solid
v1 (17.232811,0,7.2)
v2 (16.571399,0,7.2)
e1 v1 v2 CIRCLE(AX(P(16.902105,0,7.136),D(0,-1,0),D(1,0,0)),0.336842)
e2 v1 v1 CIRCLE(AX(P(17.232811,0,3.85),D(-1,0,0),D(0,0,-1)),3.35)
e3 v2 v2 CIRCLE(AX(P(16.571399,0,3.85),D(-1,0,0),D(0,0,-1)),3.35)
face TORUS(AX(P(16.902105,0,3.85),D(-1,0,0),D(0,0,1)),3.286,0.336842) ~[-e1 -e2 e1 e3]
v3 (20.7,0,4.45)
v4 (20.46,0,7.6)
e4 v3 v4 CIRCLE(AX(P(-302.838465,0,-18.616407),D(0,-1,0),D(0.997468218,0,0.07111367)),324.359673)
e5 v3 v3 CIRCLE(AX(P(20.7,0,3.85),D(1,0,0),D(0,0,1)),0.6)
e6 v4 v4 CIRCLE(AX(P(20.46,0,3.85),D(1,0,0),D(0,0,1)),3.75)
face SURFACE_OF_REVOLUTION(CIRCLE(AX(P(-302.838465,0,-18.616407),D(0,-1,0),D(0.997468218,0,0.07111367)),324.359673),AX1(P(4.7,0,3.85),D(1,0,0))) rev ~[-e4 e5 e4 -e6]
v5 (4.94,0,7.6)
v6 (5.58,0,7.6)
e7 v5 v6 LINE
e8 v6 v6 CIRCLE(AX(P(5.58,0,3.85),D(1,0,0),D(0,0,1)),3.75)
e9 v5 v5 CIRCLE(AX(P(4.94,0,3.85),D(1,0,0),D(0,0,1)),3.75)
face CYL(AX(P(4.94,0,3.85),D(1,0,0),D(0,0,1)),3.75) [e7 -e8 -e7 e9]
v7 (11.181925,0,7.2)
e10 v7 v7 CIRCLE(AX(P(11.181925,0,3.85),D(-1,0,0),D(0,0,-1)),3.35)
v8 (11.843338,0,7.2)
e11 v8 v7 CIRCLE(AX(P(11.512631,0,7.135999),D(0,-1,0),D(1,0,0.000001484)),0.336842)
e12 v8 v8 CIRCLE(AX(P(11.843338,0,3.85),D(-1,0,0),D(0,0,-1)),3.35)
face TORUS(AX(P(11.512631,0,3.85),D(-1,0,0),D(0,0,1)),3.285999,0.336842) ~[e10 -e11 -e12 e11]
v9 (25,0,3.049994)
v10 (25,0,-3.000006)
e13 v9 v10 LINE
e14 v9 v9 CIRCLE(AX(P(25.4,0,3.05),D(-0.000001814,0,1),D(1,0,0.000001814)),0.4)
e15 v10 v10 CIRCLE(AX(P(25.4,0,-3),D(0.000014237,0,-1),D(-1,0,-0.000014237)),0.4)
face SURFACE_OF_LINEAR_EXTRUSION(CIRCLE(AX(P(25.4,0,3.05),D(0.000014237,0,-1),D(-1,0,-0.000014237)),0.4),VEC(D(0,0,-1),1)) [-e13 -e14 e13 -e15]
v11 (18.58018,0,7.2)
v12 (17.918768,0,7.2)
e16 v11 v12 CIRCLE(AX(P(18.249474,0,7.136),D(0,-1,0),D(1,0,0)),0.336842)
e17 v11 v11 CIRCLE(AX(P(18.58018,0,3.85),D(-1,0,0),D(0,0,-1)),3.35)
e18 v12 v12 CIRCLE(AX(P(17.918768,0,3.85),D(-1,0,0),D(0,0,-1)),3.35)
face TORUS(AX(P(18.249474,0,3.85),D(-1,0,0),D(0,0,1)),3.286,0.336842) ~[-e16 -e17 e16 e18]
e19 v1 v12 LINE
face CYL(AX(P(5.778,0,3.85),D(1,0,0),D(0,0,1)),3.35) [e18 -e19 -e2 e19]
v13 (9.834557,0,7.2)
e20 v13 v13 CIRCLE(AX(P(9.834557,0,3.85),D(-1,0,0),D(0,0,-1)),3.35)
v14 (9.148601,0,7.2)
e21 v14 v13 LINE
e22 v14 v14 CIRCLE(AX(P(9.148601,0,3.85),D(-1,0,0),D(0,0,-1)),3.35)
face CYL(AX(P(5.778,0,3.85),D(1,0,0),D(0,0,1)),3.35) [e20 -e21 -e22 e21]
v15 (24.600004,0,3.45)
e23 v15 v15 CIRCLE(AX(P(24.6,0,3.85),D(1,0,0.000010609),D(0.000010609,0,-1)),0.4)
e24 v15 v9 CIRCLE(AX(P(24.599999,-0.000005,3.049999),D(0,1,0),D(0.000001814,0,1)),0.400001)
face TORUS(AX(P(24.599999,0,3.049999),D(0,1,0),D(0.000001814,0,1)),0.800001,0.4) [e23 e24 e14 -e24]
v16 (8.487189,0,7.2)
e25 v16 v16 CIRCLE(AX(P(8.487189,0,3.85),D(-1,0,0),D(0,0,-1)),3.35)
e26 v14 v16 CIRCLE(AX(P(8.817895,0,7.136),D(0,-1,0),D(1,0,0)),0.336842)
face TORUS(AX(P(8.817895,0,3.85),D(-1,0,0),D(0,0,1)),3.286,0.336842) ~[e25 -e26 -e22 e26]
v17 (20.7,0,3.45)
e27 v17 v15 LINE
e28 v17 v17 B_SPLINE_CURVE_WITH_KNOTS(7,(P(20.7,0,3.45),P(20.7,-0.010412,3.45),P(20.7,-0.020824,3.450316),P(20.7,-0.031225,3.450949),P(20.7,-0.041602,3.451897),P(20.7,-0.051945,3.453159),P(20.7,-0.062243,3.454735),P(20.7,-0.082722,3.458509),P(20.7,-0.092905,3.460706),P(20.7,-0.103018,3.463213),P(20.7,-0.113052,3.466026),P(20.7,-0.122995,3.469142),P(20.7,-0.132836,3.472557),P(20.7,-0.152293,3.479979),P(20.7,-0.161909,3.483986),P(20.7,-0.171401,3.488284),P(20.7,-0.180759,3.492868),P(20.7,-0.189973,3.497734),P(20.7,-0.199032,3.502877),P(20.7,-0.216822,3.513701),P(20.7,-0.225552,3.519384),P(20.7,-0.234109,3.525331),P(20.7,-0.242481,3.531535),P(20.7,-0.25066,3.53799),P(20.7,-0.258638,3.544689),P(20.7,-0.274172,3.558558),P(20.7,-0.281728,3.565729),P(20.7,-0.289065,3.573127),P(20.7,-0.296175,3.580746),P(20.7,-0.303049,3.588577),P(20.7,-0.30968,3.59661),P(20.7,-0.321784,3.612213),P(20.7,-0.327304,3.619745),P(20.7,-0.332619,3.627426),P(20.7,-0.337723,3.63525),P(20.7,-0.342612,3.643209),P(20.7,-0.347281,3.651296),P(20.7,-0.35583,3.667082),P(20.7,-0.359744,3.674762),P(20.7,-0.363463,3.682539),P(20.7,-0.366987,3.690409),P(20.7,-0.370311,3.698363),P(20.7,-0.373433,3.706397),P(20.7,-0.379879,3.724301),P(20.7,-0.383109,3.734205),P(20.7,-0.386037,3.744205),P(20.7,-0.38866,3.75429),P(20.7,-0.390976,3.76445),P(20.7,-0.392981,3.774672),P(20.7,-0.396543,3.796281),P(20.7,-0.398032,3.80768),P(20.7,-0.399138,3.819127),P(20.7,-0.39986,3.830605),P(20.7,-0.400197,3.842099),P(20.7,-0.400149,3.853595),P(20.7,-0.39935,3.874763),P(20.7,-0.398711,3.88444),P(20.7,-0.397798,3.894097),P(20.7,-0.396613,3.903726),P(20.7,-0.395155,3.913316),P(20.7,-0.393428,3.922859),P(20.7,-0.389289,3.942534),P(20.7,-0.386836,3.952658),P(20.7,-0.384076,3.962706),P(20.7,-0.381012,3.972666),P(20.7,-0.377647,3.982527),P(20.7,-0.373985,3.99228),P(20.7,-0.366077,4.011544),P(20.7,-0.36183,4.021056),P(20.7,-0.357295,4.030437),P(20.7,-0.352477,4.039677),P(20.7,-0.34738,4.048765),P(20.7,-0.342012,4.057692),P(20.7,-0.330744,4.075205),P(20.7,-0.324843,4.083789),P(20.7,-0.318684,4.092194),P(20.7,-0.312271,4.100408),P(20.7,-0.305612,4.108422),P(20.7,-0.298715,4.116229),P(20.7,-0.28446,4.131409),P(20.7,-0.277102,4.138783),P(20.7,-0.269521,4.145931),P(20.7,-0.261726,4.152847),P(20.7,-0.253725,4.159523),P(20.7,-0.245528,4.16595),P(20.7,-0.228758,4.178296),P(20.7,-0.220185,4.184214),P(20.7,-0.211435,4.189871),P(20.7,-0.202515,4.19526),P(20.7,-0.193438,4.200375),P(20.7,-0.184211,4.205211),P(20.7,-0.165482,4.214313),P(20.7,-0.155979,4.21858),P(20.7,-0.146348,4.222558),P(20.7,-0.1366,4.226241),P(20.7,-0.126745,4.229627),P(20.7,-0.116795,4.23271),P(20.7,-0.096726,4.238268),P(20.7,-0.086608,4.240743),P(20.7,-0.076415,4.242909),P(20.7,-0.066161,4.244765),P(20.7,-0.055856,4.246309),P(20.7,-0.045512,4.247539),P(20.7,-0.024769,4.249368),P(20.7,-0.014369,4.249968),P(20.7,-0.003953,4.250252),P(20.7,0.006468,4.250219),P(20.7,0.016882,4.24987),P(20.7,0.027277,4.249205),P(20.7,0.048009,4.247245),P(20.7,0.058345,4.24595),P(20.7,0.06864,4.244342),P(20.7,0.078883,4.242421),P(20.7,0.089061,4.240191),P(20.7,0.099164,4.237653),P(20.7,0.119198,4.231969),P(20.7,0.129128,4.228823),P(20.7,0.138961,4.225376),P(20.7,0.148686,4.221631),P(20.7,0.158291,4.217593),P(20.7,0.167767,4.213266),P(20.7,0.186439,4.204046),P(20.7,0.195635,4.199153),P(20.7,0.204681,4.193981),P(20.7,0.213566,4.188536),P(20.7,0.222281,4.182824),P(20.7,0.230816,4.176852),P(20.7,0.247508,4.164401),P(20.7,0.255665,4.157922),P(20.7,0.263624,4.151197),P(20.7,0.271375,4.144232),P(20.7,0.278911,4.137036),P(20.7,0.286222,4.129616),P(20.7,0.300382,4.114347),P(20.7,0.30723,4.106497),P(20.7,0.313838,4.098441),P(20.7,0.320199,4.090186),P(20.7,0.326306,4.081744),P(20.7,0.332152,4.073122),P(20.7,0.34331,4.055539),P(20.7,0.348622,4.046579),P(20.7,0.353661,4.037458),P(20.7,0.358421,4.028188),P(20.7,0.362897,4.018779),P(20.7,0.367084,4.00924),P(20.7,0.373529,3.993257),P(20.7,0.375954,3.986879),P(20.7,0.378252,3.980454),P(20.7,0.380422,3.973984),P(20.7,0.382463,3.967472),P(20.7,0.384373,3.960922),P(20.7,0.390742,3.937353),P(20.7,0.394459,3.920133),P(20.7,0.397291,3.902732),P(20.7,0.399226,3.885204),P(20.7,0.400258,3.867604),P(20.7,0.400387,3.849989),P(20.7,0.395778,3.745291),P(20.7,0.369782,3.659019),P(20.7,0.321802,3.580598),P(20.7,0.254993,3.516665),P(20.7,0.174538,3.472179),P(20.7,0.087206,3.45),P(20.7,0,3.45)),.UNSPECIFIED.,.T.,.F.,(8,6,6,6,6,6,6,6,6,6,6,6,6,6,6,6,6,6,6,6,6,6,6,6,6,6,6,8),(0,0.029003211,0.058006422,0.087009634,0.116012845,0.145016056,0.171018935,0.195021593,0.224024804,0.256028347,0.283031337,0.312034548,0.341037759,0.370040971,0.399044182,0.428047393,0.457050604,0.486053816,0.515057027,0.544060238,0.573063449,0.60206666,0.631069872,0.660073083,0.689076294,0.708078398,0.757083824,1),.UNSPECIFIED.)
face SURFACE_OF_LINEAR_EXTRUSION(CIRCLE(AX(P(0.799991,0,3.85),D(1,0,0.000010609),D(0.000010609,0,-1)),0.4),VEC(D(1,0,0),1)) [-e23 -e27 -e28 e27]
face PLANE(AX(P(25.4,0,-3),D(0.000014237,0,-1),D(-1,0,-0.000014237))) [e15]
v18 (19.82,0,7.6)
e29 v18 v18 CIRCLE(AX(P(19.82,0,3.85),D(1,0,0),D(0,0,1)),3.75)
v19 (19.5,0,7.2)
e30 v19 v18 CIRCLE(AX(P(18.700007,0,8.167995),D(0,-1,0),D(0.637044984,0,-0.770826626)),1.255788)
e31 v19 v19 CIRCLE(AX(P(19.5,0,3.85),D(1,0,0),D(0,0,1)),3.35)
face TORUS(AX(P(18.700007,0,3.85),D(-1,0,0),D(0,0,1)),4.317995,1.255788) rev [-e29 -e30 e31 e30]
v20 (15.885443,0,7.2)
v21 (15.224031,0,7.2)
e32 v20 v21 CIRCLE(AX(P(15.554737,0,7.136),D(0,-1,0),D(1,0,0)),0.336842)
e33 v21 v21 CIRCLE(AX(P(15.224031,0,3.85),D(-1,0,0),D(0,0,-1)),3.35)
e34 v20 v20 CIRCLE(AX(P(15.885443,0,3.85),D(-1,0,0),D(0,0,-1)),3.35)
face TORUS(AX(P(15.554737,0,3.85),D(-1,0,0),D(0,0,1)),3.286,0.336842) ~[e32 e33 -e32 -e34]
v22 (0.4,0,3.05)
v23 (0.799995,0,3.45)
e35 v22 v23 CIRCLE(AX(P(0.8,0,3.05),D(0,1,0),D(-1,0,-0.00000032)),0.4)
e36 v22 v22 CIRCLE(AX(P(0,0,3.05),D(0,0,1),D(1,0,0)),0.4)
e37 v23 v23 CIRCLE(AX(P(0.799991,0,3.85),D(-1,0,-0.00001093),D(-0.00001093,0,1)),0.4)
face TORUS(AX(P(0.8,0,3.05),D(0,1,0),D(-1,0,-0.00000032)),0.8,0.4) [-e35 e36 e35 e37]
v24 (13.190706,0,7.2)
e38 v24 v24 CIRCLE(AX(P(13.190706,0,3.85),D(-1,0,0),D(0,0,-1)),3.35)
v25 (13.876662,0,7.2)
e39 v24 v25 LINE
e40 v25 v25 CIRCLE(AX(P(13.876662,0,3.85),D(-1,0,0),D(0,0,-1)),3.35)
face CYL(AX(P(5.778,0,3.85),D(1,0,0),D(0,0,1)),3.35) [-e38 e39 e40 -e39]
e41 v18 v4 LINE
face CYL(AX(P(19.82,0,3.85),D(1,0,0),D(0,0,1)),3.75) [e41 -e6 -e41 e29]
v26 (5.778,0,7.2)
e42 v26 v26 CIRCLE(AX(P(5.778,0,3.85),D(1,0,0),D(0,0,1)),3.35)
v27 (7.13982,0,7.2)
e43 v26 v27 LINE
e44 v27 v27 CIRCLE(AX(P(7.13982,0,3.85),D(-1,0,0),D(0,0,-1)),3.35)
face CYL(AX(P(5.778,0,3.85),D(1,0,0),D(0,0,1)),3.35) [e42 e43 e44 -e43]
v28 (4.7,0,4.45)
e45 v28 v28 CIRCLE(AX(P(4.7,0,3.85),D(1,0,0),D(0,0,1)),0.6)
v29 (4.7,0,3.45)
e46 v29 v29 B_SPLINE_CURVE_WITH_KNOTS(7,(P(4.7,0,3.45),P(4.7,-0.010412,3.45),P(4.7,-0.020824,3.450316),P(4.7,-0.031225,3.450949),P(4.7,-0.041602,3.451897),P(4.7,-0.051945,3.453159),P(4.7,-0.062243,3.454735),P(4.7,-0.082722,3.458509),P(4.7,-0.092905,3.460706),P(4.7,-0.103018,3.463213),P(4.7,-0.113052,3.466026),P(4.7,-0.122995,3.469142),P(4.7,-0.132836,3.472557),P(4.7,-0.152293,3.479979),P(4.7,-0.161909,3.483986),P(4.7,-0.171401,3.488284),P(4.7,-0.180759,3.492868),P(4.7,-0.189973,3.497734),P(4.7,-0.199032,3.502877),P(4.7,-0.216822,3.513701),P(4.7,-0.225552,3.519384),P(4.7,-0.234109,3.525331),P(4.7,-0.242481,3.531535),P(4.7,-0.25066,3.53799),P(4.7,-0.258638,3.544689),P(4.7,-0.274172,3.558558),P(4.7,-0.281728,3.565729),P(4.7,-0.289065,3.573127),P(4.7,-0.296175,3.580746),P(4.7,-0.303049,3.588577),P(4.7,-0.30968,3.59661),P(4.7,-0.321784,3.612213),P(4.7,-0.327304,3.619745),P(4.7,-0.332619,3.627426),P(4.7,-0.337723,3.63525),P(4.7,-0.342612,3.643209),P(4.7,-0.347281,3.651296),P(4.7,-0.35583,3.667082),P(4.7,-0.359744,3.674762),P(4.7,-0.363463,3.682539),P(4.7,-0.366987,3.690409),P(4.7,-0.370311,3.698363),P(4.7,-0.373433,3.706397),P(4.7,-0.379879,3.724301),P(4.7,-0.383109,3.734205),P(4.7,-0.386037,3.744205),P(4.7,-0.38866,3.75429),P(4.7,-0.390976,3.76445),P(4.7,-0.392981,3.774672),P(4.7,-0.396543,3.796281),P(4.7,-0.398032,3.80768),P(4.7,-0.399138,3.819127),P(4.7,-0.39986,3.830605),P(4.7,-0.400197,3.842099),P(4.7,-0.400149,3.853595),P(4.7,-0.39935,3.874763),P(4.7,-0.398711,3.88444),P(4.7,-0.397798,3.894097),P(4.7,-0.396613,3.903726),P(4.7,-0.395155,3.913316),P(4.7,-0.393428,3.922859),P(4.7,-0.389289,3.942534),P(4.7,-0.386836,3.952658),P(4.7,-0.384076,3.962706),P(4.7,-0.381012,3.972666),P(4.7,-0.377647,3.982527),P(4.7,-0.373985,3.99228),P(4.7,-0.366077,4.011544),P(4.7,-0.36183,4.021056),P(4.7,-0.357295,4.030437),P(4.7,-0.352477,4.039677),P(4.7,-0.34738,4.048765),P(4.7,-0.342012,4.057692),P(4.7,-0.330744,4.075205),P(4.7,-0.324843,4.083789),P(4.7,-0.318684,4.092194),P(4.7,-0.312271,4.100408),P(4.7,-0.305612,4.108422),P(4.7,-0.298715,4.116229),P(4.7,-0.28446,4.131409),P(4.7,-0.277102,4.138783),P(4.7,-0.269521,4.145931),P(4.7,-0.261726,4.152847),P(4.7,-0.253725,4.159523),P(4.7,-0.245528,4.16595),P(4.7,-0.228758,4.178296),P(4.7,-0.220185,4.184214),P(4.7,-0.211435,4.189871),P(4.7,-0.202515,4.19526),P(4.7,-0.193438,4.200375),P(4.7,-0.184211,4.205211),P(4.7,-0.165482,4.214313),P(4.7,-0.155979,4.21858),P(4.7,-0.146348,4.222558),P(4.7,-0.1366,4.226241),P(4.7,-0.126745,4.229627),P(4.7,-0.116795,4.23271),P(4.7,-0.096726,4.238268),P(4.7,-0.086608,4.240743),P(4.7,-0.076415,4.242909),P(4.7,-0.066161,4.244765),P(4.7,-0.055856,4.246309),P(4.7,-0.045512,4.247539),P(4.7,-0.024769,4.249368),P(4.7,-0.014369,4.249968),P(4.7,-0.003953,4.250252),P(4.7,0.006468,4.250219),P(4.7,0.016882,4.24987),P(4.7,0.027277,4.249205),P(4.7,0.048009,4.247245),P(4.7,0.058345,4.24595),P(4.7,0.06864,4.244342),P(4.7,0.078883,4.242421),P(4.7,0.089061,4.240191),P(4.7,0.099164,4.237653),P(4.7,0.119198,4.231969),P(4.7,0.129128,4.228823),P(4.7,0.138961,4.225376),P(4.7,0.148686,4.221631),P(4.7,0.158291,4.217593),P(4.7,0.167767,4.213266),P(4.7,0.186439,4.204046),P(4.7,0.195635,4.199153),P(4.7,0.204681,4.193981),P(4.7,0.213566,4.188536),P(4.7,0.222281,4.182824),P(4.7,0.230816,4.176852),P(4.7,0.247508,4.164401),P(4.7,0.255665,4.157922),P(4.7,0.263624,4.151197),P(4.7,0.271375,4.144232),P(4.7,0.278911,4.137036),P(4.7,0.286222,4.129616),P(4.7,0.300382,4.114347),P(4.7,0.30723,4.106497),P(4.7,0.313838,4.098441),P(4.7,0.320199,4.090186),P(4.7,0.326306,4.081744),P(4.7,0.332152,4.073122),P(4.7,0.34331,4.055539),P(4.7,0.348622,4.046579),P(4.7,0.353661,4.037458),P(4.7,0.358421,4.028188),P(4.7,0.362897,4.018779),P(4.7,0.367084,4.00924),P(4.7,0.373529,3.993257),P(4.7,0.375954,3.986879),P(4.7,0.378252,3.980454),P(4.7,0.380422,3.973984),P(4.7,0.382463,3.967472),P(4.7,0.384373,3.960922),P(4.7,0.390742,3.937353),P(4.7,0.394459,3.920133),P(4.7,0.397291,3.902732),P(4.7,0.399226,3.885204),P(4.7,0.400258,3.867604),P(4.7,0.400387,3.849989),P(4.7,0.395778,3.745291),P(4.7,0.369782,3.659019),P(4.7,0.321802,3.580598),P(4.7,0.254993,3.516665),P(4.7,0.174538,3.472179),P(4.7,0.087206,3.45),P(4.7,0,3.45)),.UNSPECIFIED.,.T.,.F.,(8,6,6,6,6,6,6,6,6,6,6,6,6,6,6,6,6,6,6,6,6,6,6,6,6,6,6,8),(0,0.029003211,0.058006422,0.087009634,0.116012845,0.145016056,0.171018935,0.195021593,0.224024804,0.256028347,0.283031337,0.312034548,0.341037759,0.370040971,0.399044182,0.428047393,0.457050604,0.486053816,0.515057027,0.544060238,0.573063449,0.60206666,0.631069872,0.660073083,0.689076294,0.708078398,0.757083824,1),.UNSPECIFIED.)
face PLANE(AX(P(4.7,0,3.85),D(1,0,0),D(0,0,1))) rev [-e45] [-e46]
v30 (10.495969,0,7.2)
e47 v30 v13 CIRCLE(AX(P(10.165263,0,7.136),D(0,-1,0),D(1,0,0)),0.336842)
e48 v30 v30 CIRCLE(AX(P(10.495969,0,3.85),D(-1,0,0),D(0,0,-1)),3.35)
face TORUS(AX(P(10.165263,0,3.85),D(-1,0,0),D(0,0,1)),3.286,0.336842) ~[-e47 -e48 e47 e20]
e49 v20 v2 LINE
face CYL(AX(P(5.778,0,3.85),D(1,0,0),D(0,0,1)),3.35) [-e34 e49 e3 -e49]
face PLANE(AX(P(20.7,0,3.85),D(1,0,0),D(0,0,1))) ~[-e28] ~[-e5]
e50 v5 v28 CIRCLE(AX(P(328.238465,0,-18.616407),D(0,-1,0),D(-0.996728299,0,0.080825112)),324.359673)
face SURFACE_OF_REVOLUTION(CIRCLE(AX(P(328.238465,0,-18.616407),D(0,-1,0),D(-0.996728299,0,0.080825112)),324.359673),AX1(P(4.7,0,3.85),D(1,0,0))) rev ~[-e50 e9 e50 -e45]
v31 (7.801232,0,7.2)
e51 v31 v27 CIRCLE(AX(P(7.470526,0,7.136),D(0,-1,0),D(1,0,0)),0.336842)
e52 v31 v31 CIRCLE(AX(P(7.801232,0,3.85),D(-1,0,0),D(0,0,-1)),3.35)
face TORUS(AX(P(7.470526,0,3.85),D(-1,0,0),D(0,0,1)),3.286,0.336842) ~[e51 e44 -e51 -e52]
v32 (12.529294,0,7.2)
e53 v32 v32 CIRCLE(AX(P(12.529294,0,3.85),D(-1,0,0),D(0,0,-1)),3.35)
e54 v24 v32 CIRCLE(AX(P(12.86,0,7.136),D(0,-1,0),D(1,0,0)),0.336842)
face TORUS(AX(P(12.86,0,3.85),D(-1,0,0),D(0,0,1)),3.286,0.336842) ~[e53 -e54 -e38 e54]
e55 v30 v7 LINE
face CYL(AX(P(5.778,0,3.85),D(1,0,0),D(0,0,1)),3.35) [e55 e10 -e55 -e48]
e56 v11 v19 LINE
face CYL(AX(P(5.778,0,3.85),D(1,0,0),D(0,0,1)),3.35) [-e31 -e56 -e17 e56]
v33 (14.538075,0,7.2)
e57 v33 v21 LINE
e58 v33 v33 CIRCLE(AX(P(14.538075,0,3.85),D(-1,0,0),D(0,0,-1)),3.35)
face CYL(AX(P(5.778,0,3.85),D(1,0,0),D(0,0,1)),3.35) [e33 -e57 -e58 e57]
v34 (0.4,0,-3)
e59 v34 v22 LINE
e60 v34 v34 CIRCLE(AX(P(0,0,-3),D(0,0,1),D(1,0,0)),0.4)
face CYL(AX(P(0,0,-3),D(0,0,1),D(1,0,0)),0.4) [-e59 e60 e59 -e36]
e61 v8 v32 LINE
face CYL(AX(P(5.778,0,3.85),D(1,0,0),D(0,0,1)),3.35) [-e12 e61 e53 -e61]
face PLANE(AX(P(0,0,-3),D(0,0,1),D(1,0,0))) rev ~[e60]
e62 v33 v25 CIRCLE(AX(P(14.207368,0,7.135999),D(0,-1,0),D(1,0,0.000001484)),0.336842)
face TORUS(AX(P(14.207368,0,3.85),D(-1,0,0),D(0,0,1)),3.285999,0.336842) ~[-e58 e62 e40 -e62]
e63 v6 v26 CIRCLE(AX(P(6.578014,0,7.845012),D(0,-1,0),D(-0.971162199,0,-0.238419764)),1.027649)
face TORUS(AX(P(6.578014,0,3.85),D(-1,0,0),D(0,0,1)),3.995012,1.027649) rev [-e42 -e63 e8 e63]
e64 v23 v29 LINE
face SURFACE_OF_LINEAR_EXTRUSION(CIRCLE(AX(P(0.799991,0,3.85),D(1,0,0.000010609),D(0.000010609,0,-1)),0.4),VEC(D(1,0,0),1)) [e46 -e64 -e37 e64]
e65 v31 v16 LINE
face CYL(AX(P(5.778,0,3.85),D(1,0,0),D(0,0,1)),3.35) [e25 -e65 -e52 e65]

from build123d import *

# Parameters (mm, degrees)
SKETCH_R = 0.4


with BuildPart() as sweep_body:
    # Sweep: sweep along a path in Sketch001
    with BuildLine(Plane.XZ) as sweep_path:
        Line((0, -3), (0, 3.05))
        ThreePointArc((0, 3.05), (0.234311, 3.615682), (0.799991, 3.85))
        Line((0.799991, 3.85), (24.6, 3.85))
        ThreePointArc((24.6, 3.85), (25.165685, 3.615685), (25.4, 3.05))
        Line((25.4, 3.05), (25.4, -3))
    # Sketch → Sweep (sweep)
    with BuildSketch(Plane.XY.offset(-2)):
        Circle(SKETCH_R)
    sweep(path=sweep_path.line)


with BuildPart() as revolution:
    # Sketch002 → Revolution (revolve)
    with BuildSketch(Plane.XZ):
        with BuildLine():
            Line((4.94, 7.6), (5.58, 7.6))
            ThreePointArc((5.58, 7.6), (5.657022, 7.389121), (5.778, 7.2))
            Line((5.778, 7.2), (19.5, 7.2))
            ThreePointArc((19.5, 7.2), (19.680612, 7.38351), (19.82, 7.6))
            Line((19.82, 7.6), (20.46, 7.6))
            ThreePointArc((20.7, 4.45), (20.583835, 6.025292), (20.46, 7.6))
            Line((20.7, 3.85), (20.7, 4.45))
            Line((4.7, 3.85), (20.7, 3.85))
            Line((4.7, 3.85), (4.7, 4.45))
            ThreePointArc((4.94, 7.6), (4.816165, 6.025292), (4.7, 4.45))
        make_face()
    revolve(axis=Axis((4.7, 0, 3.85), (1, 0, 0)))


with BuildPart() as revolution001_mp_cp:
    # Sketch003 → Revolution001 (revolve)
    with BuildSketch(Plane.XZ):
        with BuildLine():
            ThreePointArc((7.807368, 7.136), (7.470526, 7.472842), (7.133684, 7.136))
            Line((6.46, 7.136), (7.133684, 7.136))
            Line((6.46, 7.136), (6.46, 6.386))
            Line((6.46, 6.386), (19.26, 6.386))
            Line((19.26, 6.386), (19.26, 7.136))
            Line((18.586316, 7.136), (19.26, 7.136))
            ThreePointArc((18.586316, 7.136), (18.249474, 7.472842), (17.912632, 7.136))
            Line((17.238947, 7.136), (17.912632, 7.136))
            ThreePointArc((17.238947, 7.136), (16.902105, 7.472842), (16.565263, 7.136))
            Line((15.891579, 7.136), (16.565263, 7.136))
            ThreePointArc((15.891579, 7.136), (15.554737, 7.472842), (15.217895, 7.136))
            Line((14.544211, 7.136), (15.217895, 7.136))
            ThreePointArc((14.544211, 7.136), (14.207368, 7.472842), (13.870526, 7.136))
            Line((13.196842, 7.136), (13.870526, 7.136))
            ThreePointArc((13.196842, 7.136), (12.86, 7.472842), (12.523158, 7.136))
            Line((11.849474, 7.136), (12.523158, 7.136))
            ThreePointArc((11.849474, 7.136), (11.512632, 7.472842), (11.175789, 7.136))
            Line((10.502105, 7.136), (11.175789, 7.136))
            ThreePointArc((10.502105, 7.136), (10.165263, 7.472842), (9.828421, 7.136))
            Line((9.154737, 7.136), (9.828421, 7.136))
            ThreePointArc((9.154737, 7.136), (8.817895, 7.472842), (8.481053, 7.136))
            Line((7.807368, 7.136), (8.481053, 7.136))
        make_face()
    revolve(axis=Axis((5.1, 0, 3.85), (1, 0, 0)))

    # Revolution001_mp_cp: union Sweep body, Revolution
    add(sweep_body.part)
    add(revolution.part)


solid = revolution001_mp_cp.part
